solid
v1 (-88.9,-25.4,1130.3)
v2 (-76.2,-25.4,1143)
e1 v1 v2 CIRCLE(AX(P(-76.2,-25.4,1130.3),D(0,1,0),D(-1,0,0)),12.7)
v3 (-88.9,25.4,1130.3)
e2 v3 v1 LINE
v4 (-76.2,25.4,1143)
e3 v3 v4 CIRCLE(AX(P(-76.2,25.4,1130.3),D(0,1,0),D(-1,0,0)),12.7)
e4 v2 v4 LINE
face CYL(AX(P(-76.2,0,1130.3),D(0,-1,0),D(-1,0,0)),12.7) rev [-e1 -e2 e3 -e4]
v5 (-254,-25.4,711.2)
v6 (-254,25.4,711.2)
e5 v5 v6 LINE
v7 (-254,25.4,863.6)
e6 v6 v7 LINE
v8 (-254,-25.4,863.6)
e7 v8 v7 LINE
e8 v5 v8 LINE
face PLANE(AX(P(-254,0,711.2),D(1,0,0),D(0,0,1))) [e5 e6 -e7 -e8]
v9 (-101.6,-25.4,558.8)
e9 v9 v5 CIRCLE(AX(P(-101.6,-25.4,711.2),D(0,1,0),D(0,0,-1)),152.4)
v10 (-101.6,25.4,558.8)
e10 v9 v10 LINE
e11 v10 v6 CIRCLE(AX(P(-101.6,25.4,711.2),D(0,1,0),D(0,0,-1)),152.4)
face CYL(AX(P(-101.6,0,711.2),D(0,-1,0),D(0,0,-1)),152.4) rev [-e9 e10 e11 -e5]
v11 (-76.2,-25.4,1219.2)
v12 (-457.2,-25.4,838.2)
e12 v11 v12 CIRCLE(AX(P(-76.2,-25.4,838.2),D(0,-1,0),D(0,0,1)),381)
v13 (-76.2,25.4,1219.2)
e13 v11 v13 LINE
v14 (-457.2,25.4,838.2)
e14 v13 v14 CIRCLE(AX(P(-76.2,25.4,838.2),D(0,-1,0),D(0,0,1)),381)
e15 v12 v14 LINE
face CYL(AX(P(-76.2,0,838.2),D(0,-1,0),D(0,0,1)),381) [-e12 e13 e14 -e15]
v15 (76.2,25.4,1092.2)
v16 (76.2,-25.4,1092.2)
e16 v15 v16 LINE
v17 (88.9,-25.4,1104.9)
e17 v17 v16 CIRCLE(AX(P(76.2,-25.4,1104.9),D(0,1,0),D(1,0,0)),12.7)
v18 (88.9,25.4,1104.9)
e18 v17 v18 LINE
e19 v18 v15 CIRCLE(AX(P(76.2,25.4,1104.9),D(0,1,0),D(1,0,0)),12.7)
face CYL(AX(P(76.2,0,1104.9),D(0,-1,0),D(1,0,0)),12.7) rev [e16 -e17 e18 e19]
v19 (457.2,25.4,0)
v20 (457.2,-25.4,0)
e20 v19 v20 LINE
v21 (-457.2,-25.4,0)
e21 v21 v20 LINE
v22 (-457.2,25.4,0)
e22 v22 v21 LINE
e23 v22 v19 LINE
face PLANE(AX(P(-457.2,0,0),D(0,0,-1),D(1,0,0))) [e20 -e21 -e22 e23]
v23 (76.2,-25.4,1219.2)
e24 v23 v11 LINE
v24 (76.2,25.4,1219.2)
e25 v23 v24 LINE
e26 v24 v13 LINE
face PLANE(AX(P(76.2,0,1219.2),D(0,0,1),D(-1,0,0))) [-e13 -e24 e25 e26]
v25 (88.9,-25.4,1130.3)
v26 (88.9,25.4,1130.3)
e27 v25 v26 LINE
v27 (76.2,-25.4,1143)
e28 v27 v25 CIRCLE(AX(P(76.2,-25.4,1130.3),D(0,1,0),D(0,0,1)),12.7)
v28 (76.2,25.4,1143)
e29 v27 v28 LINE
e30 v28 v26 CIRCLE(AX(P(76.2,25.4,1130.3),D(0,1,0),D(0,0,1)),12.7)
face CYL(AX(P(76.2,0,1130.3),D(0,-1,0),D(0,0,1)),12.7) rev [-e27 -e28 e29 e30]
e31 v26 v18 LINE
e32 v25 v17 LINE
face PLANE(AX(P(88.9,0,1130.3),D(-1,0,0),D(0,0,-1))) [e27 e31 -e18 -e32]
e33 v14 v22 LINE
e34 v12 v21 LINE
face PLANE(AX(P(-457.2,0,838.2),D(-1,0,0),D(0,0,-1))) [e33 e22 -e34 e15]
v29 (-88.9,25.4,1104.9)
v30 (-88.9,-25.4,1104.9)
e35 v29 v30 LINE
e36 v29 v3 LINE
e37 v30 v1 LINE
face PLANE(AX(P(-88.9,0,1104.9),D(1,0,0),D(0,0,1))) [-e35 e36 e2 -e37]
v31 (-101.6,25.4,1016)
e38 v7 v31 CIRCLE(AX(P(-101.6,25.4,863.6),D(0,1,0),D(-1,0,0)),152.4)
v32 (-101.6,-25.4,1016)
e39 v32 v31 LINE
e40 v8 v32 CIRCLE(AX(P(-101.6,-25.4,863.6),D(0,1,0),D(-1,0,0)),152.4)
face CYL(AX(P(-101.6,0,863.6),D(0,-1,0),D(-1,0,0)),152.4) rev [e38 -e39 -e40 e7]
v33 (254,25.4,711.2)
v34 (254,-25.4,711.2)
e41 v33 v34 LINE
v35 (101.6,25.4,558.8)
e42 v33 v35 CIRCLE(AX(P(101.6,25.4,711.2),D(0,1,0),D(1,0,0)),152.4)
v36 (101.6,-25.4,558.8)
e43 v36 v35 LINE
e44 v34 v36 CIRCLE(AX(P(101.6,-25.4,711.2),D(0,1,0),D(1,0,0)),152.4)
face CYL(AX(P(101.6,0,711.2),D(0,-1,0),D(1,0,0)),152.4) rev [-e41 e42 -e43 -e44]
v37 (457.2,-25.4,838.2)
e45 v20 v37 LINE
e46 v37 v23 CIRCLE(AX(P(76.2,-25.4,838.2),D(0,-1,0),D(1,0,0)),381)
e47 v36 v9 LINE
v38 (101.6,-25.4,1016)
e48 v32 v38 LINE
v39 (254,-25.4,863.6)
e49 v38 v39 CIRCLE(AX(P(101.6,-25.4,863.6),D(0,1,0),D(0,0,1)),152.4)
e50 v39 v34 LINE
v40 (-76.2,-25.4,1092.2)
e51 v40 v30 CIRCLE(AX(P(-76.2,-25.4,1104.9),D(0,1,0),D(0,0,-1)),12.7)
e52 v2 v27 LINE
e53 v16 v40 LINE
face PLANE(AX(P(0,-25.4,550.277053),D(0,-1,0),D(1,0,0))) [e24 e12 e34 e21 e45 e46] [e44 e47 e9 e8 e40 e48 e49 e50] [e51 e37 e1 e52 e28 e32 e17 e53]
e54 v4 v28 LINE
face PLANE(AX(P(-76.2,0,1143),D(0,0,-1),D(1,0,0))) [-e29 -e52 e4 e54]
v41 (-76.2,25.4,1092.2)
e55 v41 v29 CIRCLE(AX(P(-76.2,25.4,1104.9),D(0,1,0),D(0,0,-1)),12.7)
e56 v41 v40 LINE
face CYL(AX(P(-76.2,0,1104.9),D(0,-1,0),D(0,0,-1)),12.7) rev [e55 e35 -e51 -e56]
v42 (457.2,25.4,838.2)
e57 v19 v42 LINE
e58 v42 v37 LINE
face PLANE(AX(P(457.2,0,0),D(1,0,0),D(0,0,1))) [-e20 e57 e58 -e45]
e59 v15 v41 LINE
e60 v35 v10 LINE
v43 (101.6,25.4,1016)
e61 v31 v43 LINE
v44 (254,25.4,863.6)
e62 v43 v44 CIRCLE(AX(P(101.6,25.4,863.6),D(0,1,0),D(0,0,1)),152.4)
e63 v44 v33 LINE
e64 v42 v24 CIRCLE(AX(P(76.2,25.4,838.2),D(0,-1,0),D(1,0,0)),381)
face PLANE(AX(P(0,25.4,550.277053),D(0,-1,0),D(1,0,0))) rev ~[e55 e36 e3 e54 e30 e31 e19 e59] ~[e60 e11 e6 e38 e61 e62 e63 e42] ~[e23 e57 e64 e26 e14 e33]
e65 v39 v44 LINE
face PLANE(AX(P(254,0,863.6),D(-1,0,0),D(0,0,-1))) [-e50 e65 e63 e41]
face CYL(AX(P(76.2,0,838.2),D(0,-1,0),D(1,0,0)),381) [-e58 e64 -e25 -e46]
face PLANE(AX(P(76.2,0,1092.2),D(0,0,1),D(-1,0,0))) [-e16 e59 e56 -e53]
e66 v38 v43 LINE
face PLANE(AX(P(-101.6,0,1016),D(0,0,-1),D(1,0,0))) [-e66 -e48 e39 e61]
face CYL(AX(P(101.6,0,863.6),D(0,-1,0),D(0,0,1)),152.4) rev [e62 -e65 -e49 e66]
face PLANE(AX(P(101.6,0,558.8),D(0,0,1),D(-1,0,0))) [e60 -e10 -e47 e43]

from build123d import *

# Parameters (mm, degrees)
F1_DEPTH = 25.4


with BuildPart() as f1:
    # F0 (on Front) → F1 (new body, symmetric)
    with BuildSketch(Plane.XZ):
        with BuildLine():
            Line((-457.2, 838.2), (-457.2, 0))
            Line((-457.2, 0), (457.2, 0))
            Line((457.2, 0), (457.2, 838.2))
            ThreePointArc((457.2, 838.2), (345.6076836321, 1107.6076836321), (76.2, 1219.2))
            Line((76.2, 1219.2), (-76.2, 1219.2))
            ThreePointArc((-76.2, 1219.2), (-345.6076836321, 1107.6076836321), (-457.2, 838.2))
        make_face()
        with BuildLine():
            Line((76.2, 1092.2), (-76.2, 1092.2))
            ThreePointArc((-76.2, 1092.2), (-85.1802561211, 1095.9197438789), (-88.9, 1104.9))
            Line((-88.9, 1104.9), (-88.9, 1130.3))
            ThreePointArc((-88.9, 1130.3), (-85.1802561211, 1139.2802561211), (-76.2, 1143))
            Line((-76.2, 1143), (76.2, 1143))
            ThreePointArc((76.2, 1143), (85.1802561211, 1139.2802561211), (88.9, 1130.3))
            Line((88.9, 1130.3), (88.9, 1104.9))
            ThreePointArc((88.9, 1104.9), (85.1802561211, 1095.9197438789), (76.2, 1092.2))
        make_face(mode=Mode.SUBTRACT)
        with BuildLine():
            ThreePointArc((254, 711.2), (209.3630734528, 603.4369265472), (101.6, 558.8))
            Line((101.6, 558.8), (-101.6, 558.8))
            ThreePointArc((-101.6, 558.8), (-209.3630734528, 603.4369265472), (-254, 711.2))
            Line((-254, 711.2), (-254, 863.6))
            ThreePointArc((-254, 863.6), (-209.3630734528, 971.3630734528), (-101.6, 1016))
            Line((-101.6, 1016), (101.6, 1016))
            ThreePointArc((101.6, 1016), (209.3630734528, 971.3630734528), (254, 863.6))
            Line((254, 863.6), (254, 711.2))
        make_face(mode=Mode.SUBTRACT)
    extrude(amount=F1_DEPTH, both=True)


solid = f1.part
